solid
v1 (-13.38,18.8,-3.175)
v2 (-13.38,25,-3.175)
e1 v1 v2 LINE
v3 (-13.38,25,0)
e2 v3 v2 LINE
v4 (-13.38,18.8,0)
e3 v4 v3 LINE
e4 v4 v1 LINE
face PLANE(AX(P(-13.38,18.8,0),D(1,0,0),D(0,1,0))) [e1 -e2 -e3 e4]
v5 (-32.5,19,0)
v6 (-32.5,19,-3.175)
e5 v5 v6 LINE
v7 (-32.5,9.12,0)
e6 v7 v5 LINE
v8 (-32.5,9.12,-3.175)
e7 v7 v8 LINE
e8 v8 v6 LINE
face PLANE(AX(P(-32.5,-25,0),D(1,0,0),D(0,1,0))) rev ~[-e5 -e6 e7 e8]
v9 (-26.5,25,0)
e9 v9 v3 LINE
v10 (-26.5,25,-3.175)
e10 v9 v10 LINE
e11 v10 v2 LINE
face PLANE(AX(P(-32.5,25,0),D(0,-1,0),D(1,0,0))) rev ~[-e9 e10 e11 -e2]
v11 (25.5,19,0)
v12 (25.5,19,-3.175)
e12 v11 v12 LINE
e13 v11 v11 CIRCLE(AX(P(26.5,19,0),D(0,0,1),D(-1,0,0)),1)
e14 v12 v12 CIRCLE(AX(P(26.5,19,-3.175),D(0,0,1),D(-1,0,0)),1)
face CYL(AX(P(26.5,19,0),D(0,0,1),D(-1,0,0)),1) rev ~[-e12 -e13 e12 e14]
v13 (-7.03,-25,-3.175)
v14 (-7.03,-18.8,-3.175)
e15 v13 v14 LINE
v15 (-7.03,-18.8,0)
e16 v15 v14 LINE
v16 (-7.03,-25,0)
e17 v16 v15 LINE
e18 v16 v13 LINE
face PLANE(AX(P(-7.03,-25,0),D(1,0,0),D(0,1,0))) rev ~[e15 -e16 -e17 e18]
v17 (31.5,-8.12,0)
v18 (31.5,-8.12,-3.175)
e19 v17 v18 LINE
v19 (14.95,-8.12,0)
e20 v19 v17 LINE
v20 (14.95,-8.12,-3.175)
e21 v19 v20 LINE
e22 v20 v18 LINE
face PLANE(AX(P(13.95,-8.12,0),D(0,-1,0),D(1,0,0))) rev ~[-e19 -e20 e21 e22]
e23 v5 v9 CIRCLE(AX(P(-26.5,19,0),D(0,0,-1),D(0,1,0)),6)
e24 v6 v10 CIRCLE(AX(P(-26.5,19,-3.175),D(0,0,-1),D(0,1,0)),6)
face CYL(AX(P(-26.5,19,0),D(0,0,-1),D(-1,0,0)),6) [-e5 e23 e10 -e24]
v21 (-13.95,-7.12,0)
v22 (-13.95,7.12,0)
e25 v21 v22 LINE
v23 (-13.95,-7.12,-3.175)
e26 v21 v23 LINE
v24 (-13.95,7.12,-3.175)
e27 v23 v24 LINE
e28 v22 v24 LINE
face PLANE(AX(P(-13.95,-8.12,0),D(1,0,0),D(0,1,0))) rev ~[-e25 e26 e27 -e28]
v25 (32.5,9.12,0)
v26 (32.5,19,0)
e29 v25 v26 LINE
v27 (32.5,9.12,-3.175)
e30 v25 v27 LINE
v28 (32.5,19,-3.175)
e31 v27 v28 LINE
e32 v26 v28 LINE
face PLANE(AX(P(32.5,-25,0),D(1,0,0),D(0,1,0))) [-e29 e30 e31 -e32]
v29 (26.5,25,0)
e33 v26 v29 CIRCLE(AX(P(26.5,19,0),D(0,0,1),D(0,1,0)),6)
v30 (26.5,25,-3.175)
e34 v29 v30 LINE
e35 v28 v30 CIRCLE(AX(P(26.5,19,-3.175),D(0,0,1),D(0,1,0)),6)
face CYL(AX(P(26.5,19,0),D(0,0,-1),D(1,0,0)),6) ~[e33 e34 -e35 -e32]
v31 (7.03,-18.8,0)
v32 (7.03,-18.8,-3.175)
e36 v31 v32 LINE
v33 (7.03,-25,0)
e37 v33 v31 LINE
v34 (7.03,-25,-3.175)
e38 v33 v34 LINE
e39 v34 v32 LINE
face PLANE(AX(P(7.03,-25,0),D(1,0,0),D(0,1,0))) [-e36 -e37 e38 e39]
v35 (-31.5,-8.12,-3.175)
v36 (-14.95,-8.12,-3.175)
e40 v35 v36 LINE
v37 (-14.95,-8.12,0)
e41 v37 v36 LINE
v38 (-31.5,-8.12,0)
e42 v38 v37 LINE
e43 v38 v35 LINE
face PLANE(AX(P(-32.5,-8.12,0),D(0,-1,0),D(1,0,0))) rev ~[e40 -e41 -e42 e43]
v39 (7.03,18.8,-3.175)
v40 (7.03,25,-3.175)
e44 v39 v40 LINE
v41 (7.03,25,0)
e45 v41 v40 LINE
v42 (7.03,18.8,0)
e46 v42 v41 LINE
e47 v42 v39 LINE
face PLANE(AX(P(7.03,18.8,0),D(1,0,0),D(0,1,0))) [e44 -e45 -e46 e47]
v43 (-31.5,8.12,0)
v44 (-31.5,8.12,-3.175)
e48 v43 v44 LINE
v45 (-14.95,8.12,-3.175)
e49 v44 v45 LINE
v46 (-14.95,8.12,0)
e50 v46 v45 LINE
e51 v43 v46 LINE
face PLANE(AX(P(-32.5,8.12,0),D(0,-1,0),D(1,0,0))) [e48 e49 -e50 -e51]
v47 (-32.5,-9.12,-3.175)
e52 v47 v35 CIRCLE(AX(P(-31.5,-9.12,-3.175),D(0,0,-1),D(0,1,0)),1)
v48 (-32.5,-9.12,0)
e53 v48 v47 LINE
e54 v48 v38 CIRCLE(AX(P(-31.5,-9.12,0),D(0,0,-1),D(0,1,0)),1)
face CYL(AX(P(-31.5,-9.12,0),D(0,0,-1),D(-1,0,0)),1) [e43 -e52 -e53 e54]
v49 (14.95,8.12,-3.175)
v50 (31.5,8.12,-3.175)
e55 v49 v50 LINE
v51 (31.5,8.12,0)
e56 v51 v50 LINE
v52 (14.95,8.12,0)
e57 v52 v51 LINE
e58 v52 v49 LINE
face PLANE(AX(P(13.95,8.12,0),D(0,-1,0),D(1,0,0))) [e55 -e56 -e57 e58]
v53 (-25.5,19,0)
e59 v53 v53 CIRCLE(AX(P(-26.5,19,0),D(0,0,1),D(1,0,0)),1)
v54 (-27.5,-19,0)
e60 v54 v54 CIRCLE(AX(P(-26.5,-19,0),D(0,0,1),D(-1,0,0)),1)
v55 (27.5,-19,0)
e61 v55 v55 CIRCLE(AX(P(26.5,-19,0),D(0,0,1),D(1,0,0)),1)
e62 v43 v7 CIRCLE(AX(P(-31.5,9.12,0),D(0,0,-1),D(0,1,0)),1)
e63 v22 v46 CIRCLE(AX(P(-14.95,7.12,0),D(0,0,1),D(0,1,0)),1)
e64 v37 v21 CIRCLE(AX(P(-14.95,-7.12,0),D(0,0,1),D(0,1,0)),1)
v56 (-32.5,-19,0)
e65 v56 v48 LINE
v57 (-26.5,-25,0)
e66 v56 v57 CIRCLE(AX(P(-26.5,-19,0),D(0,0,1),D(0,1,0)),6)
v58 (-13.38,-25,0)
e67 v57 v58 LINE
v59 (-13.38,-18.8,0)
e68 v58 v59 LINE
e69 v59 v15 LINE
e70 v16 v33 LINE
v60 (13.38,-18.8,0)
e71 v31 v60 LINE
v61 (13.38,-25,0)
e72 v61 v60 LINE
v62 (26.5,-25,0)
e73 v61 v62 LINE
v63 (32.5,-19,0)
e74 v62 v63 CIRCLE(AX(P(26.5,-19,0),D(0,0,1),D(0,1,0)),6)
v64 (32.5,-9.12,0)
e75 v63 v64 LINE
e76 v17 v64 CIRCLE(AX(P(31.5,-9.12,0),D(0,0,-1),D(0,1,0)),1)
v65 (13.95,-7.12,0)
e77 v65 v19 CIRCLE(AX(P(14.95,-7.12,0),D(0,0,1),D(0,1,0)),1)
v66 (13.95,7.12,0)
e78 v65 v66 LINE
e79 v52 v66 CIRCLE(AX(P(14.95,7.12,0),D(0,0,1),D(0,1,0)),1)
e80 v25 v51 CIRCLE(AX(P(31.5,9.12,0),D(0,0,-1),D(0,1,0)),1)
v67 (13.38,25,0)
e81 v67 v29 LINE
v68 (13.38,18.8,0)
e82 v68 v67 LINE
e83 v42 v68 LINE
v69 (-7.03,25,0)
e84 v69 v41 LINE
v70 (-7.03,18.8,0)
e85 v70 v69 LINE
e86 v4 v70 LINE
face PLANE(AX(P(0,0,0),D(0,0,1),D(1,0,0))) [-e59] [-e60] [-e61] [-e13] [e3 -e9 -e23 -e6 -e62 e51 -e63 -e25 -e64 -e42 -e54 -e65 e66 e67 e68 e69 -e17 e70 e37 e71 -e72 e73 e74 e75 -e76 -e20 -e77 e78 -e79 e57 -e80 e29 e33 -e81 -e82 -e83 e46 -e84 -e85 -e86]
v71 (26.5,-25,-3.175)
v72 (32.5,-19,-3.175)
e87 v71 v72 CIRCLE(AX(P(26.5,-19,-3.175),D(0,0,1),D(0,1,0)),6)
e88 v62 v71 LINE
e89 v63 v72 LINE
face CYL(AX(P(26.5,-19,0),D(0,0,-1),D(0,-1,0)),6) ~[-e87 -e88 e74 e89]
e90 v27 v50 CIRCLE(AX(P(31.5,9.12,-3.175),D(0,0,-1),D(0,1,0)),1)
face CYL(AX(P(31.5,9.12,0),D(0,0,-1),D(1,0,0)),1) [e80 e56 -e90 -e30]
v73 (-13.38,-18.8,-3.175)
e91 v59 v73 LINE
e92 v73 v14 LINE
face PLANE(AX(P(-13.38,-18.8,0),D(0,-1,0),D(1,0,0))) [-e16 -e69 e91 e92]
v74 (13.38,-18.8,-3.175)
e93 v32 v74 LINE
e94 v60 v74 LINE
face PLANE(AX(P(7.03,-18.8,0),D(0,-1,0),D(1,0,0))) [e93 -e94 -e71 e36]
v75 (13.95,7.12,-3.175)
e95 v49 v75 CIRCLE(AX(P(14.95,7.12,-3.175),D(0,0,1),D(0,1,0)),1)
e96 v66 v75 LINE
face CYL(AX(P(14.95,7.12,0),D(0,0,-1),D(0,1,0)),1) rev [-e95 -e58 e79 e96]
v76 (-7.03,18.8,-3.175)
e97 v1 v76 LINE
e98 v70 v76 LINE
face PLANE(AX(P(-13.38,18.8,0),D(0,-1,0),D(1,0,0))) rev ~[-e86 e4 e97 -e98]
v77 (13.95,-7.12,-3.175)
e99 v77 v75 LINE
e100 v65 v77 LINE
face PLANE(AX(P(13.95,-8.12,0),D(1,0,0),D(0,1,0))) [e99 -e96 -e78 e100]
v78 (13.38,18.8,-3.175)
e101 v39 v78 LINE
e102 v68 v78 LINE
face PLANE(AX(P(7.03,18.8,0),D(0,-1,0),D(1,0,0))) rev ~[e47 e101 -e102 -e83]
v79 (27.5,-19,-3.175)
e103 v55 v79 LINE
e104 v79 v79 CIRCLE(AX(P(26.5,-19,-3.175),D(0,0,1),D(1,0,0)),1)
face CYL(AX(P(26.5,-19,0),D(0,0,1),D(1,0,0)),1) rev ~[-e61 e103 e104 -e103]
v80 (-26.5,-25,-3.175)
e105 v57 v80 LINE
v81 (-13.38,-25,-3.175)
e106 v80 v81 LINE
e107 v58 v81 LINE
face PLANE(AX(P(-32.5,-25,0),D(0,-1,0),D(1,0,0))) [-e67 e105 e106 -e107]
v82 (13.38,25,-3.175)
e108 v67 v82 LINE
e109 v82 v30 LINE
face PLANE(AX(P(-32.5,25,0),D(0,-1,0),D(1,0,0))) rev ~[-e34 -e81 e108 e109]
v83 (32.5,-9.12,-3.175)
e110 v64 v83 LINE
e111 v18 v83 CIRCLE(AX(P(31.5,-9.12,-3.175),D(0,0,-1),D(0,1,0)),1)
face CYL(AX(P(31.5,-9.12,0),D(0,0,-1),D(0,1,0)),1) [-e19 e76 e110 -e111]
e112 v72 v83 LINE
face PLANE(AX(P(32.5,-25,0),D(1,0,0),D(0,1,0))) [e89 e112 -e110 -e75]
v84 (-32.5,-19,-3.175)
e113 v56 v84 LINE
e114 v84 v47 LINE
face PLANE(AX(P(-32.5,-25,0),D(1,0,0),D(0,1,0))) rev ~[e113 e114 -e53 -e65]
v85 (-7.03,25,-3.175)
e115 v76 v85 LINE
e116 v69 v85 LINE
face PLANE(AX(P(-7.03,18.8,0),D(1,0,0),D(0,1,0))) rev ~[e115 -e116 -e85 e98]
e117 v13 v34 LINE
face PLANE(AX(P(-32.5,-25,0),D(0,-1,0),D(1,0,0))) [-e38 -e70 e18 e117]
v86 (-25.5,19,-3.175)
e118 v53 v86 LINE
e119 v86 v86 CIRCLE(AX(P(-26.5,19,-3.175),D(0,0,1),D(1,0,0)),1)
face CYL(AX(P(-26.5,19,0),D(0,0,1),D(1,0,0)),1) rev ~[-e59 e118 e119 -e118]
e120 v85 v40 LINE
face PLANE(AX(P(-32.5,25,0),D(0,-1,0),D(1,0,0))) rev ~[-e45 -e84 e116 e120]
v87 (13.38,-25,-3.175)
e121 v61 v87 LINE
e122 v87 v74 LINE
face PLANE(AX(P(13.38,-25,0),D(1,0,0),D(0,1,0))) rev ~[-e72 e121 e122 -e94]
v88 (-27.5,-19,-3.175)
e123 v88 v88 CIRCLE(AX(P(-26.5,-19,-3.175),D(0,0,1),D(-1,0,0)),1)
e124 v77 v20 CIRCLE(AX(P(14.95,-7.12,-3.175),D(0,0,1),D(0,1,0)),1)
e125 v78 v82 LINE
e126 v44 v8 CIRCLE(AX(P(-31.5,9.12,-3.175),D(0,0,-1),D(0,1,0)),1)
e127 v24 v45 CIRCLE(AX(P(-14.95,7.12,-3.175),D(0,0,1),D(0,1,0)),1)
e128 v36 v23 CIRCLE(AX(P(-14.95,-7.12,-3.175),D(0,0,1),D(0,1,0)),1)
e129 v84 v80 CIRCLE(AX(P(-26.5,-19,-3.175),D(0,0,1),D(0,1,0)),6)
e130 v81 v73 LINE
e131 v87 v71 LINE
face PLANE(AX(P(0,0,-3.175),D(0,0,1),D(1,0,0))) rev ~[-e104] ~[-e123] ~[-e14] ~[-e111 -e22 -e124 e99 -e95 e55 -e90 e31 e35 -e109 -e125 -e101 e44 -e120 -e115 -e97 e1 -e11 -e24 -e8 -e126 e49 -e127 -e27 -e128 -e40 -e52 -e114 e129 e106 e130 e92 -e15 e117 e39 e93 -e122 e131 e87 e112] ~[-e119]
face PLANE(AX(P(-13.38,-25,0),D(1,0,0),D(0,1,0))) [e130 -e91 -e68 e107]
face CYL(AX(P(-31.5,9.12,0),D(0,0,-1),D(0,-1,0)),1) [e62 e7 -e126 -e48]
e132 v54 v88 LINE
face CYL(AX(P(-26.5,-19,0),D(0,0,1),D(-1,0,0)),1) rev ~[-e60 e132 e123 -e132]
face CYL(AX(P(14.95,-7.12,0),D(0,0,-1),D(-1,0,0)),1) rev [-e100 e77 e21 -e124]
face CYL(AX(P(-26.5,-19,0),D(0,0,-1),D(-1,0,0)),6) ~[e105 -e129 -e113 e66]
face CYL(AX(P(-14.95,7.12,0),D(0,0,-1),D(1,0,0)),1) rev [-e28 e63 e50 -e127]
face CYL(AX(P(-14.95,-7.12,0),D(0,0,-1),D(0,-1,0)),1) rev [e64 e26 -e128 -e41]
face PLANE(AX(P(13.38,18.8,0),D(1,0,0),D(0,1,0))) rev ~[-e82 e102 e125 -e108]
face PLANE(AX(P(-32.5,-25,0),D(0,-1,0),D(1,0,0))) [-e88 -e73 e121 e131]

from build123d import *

# Parameters (mm, degrees)
OVERALL_DIMENSIONS_W    = 65
OVERALL_DIMENSIONS_H    = 50
RECTANGULAR_PLATE_DEPTH = 3.175
EXTERNAL_4_FILLETS_R    = 6
HOLE_POSITIONS_R        = 1
CORNER_HOLES_DEPTH      = 42.125790266
RJ45_GEOMETRY_W         = 18.55
RJ45_GEOMETRY_H         = 16.24
RJ45_CUTOUTS_DEPTH      = 42.125790266
CLIP_SLOT_GEOMETRY_W    = 6.35
CLIP_SLOT_GEOMETRY_H    = 6.2
CLIP_SLOTS_DEPTH        = 42.125790266
FILLET1_R               = 1


with BuildPart() as part:
    # overall dimensions → Rectangular Plate (new body)
    with BuildSketch(Plane.XY):
        Rectangle(OVERALL_DIMENSIONS_W, OVERALL_DIMENSIONS_H)
    extrude(amount=-RECTANGULAR_PLATE_DEPTH)

    # External 4 Fillets
    external_4_fillets_edges = [part.edges().sort_by_distance(p)[0] for p in [
        (32.5, -25, -1.5875),
        (-32.5, -25, -1.5875),
        (-32.5, 25, -1.5875),
        (32.5, 25, -1.5875),
    ]]
    fillet(external_4_fillets_edges, radius=EXTERNAL_4_FILLETS_R)

    # hole positions → Corner Holes (cut, through all)
    with BuildSketch(Plane.XY):
        with Locations((-26.5, 19)):
            Circle(HOLE_POSITIONS_R)
        with Locations(Location((26.5, 19, 0), (0, 0, 180))):
            Circle(HOLE_POSITIONS_R)
        with Locations((26.5, -19)):
            Circle(HOLE_POSITIONS_R)
        with Locations(Location((-26.5, -19, 0), (0, 0, 180))):
            Circle(HOLE_POSITIONS_R)
    extrude(amount=-CORNER_HOLES_DEPTH, mode=Mode.SUBTRACT)

    # RJ45 geometry → RJ45 cutouts (cut, through all)
    with BuildSketch(Plane.XY):
        with Locations((-23.225, 0)):
            Rectangle(RJ45_GEOMETRY_W, RJ45_GEOMETRY_H)
        with Locations((23.225, 0)):
            Rectangle(RJ45_GEOMETRY_W, RJ45_GEOMETRY_H)
    extrude(amount=-RJ45_CUTOUTS_DEPTH, mode=Mode.SUBTRACT)

    # clip slot geometry → clip slots (cut, through all)
    with BuildSketch(Plane.XY):
        with Locations((10.205, 21.9)):
            Rectangle(CLIP_SLOT_GEOMETRY_W, CLIP_SLOT_GEOMETRY_H)
        with Locations((-10.205, 21.9)):
            Rectangle(CLIP_SLOT_GEOMETRY_W, CLIP_SLOT_GEOMETRY_H)
        with Locations((-10.205, -21.9)):
            Rectangle(CLIP_SLOT_GEOMETRY_W, CLIP_SLOT_GEOMETRY_H)
        with Locations((10.205, -21.9)):
            Rectangle(CLIP_SLOT_GEOMETRY_W, CLIP_SLOT_GEOMETRY_H)
    extrude(amount=-CLIP_SLOTS_DEPTH, mode=Mode.SUBTRACT)

    # Fillet1
    fillet1_edges = [part.edges().sort_by_distance(p)[0] for p in [
        (32.5, -8.12, -1.5875),
        (13.95, -8.12, -1.5875),
        (13.95, 8.12, -1.5875),
        (32.5, 8.12, -1.5875),
        (-13.95, 8.12, -1.5875),
        (-13.95, -8.12, -1.5875),
        (-32.5, -8.12, -1.5875),
        (-32.5, 8.12, -1.5875),
    ]]
    fillet(fillet1_edges, radius=FILLET1_R)


solid = part.part
